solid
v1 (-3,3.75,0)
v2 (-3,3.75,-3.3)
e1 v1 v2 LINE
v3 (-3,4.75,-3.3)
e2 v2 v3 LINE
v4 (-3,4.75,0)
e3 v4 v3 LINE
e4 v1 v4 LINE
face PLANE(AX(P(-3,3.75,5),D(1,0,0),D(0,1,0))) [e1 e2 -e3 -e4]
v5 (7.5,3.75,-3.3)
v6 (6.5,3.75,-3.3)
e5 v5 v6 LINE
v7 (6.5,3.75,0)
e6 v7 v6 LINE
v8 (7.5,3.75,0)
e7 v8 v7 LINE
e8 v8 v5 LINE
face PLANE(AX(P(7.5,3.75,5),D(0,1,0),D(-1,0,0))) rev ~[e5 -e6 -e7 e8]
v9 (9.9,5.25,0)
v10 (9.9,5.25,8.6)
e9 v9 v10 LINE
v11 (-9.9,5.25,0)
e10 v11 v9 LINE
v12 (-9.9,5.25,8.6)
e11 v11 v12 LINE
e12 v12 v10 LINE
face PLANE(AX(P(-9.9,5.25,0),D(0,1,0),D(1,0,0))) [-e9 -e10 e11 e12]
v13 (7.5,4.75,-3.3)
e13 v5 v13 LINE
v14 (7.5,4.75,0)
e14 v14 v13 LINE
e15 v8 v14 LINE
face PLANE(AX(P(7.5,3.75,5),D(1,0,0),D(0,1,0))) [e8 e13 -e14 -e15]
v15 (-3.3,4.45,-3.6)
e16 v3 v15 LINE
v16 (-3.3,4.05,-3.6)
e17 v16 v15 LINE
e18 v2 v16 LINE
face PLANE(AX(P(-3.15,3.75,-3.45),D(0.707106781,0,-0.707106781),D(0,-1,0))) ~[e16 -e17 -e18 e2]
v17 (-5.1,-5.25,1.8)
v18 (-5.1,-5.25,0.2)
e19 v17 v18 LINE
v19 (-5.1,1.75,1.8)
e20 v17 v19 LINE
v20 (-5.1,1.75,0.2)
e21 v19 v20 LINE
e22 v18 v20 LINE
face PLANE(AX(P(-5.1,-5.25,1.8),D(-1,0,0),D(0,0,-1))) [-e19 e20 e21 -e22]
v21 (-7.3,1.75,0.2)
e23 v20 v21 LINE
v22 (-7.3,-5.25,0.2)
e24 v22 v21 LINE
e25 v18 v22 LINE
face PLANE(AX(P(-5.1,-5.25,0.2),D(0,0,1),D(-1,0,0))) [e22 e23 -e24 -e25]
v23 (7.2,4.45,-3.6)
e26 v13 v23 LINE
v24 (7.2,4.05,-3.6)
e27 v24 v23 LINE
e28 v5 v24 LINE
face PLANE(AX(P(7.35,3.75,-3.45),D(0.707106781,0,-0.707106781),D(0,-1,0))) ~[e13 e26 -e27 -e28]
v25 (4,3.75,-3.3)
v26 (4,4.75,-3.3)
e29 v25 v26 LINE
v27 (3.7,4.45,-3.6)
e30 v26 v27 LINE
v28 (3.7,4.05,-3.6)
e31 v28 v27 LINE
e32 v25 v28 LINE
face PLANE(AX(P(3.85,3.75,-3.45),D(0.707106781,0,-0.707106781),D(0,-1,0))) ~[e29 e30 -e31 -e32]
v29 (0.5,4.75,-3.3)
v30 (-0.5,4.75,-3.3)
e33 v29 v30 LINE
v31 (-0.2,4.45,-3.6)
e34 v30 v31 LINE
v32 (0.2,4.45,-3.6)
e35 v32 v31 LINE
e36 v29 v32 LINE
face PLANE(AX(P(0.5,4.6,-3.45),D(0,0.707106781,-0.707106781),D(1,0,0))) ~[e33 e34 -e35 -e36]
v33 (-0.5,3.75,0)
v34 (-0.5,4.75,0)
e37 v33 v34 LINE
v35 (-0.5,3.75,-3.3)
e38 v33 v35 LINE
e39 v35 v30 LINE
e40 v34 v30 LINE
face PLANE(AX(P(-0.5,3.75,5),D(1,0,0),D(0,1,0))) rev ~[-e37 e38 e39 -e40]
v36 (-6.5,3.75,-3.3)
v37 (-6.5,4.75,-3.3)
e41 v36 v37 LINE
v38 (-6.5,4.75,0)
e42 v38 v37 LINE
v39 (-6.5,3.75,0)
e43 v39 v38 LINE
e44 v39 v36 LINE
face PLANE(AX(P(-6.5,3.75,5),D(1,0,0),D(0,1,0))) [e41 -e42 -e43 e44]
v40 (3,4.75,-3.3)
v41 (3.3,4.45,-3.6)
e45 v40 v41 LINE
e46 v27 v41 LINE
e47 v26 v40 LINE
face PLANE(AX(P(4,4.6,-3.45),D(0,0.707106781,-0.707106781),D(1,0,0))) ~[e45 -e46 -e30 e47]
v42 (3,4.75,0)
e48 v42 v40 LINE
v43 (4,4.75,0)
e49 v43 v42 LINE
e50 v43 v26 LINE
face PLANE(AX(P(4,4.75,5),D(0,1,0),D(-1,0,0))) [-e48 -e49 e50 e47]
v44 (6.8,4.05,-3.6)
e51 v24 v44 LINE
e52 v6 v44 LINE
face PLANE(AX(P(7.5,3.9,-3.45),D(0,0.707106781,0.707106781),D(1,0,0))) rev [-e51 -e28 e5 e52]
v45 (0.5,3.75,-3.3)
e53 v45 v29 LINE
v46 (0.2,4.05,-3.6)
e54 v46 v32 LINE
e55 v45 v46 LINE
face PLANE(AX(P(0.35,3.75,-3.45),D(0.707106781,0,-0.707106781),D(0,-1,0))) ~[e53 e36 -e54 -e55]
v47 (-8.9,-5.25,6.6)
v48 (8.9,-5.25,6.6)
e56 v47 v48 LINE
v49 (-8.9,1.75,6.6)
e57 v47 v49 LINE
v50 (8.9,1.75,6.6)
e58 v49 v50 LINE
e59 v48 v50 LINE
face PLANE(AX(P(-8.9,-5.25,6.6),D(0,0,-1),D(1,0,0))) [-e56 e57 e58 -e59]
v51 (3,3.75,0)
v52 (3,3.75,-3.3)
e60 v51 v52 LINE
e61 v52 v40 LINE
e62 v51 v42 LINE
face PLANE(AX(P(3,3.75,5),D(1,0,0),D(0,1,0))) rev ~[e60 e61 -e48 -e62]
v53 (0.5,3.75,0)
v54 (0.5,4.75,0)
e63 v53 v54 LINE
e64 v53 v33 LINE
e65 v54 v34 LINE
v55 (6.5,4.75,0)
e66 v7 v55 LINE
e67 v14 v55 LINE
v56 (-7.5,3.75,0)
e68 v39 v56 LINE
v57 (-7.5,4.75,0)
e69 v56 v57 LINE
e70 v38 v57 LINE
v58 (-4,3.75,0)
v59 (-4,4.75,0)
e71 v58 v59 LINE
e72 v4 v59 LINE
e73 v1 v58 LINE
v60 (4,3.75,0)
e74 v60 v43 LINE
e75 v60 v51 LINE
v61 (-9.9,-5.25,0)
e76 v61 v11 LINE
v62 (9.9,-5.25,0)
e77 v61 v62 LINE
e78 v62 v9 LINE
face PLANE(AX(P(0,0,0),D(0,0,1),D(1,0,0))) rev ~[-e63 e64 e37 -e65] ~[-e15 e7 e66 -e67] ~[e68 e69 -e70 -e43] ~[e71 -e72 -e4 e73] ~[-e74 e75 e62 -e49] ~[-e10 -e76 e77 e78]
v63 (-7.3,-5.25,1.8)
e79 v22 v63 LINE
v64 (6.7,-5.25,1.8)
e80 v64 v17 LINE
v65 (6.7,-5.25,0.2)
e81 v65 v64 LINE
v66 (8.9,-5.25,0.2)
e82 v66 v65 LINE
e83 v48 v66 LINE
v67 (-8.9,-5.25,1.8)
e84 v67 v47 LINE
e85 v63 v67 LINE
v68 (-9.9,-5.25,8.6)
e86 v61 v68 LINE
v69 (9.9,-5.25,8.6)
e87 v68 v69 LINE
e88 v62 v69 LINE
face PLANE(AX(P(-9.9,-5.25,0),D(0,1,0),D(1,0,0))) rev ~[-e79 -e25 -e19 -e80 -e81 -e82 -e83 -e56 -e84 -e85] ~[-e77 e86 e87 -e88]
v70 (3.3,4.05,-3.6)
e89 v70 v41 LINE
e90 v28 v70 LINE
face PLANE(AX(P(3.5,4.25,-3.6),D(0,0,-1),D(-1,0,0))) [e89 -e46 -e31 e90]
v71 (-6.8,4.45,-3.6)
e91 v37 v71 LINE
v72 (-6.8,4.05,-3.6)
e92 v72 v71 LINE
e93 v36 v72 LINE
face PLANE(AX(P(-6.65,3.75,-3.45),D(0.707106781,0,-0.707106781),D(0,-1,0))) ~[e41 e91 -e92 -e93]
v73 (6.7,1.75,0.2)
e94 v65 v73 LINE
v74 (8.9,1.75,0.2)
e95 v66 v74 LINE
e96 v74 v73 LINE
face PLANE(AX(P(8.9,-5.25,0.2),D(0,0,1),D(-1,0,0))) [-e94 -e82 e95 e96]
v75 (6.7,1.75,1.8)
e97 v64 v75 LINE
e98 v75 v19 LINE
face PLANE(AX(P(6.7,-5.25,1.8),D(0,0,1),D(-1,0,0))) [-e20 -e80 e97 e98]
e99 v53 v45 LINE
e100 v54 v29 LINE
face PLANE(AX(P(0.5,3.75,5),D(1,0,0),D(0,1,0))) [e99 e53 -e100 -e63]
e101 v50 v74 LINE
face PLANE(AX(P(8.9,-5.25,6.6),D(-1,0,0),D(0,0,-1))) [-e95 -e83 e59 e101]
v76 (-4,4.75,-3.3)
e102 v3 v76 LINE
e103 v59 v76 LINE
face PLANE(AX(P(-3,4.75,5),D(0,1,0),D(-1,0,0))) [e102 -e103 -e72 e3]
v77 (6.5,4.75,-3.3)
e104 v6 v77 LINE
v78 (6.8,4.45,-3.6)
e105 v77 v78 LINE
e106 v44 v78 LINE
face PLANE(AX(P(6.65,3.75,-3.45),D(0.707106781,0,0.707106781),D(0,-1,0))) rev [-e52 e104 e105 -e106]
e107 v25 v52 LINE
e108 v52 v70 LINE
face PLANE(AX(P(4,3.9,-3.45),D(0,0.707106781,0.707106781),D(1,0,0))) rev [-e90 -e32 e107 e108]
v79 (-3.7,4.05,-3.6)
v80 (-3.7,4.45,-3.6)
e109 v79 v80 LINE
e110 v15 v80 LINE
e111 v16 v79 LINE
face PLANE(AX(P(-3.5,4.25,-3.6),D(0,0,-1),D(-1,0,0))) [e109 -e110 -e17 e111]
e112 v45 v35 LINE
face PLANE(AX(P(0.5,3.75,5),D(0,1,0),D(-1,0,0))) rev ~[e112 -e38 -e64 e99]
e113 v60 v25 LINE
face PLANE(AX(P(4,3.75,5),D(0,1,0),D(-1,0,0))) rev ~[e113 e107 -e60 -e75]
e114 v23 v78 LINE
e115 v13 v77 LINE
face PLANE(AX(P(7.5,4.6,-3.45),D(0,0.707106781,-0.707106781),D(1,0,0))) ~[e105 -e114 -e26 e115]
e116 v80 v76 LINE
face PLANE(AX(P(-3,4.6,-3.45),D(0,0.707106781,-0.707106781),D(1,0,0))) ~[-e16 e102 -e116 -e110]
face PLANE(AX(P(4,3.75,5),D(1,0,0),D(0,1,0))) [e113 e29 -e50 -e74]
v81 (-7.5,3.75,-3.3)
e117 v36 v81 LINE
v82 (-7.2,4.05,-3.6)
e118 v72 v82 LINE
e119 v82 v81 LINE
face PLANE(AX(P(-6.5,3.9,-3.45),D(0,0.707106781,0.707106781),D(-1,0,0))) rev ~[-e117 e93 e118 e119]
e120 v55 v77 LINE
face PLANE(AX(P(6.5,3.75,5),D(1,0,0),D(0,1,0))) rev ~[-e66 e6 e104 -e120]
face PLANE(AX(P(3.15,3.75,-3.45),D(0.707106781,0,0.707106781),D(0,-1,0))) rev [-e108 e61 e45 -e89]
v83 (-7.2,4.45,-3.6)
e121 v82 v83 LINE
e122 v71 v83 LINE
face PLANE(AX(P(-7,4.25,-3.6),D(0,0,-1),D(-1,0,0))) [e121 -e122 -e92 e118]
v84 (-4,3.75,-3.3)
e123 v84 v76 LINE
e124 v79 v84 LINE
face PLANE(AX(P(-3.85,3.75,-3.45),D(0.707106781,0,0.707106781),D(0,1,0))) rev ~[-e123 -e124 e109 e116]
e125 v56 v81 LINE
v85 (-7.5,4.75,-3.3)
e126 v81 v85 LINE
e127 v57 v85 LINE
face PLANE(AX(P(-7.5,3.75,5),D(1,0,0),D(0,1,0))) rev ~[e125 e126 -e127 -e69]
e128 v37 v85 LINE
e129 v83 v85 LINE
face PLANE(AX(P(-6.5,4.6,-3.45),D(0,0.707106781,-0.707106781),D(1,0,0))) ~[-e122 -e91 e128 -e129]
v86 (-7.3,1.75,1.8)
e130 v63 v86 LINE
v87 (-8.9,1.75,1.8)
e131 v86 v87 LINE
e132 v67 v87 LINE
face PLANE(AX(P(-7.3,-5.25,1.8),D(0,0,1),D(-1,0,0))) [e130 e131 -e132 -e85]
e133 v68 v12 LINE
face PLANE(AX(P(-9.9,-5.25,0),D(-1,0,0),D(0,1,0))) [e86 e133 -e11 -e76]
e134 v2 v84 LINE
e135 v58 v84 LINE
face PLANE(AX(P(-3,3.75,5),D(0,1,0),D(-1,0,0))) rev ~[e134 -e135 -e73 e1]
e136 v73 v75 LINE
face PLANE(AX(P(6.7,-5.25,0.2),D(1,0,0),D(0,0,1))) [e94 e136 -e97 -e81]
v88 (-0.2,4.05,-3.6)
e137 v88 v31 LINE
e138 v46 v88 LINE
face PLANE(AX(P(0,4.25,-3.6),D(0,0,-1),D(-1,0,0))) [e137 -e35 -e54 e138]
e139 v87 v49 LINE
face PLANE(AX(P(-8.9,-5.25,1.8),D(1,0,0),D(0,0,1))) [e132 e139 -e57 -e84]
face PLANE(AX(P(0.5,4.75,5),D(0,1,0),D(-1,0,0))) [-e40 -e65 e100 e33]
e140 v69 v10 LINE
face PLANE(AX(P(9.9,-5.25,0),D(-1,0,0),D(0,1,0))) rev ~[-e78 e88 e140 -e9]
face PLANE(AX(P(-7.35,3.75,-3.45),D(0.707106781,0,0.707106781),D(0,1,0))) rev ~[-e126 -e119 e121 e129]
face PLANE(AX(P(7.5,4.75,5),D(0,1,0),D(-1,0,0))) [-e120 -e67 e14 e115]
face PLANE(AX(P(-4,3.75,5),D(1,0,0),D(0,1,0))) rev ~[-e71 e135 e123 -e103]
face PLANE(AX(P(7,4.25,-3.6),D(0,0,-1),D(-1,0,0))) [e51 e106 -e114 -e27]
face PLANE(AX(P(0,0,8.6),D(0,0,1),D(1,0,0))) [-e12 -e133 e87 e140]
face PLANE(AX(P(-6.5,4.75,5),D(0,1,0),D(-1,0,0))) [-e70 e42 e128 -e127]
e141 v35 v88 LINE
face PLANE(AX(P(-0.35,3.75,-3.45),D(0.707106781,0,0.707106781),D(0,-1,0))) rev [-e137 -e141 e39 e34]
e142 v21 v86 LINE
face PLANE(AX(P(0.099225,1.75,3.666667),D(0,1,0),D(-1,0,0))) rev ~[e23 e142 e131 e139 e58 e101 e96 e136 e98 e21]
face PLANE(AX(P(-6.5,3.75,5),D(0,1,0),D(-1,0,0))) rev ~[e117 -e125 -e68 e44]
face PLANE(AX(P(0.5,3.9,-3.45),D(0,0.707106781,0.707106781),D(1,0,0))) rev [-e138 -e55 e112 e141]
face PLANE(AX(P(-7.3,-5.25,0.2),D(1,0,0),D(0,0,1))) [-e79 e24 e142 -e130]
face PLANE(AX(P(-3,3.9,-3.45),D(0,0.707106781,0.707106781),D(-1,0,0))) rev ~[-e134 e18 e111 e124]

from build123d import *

# Parameters (mm, degrees)
SKETCH_1_W                         = 19.8
SKETCH_1_H                         = 10.5
EXTRUDE_1_DEPTH                    = 8.6
CUT_EXTRUDE_1_DEPTH                = 7
EXTRUDE_START                      = -5
SKETCH_3_W                         = 1
SKETCH_3_H                         = 1
EXTRUDE_2_DEPTH                    = 8.6
CHAMFER_1_SIZE                     = 0.3
PATTERN_LINEAR_1_COUNT             = 5
PATTERN_LINEAR_1_PITCH             = 3.5
CHAMFER_1_OF_PATTERN_LINEAR_1_SIZE = 0.3


with BuildPart() as part:
    # Эскиз1 → Бобышка-Вытянуть1 (new body)
    with BuildSketch(Plane.XY):
        Rectangle(SKETCH_1_W, SKETCH_1_H)
    extrude(amount=EXTRUDE_1_DEPTH)

    # Эскиз2 → Вырез-Вытянуть1 (cut)
    with BuildSketch(Plane.XZ.offset(5.25)):
        Polygon((-8.9, 6.6), (8.9, 6.6), (8.9, 0.2), (6.7, 0.2), (6.7, 1.8), (-5.1, 1.8), (-5.1, 0.2), (-7.3, 0.2), (-7.3, 1.8), (-8.9, 1.8), align=None)
    extrude(amount=-CUT_EXTRUDE_1_DEPTH, mode=Mode.SUBTRACT)

    # Эскиз3 → Бобышка-Вытянуть2 (add)
    with BuildSketch(Plane(origin=(0, 0, 0), x_dir=(-1, 0, 0), z_dir=(0, 0, -1)).offset(EXTRUDE_START)):
        with Locations((7, 4.25)):
            Rectangle(SKETCH_3_W, SKETCH_3_H)
    extrude_2 = extrude(amount=EXTRUDE_2_DEPTH)

    # Фаска1
    chamfer_1_edges = [part.edges().sort_by_distance(p)[0] for p in [
        (-6.5, 4.25, -3.6),
        (-7, 3.75, -3.6),
        (-7.5, 4.25, -3.6),
        (-7, 4.75, -3.6),
    ]]
    chamfer(chamfer_1_edges, length=CHAMFER_1_SIZE)

    # Линейный массив1: Бобышка-Вытянуть2 ×5
    with Locations(*[(i * PATTERN_LINEAR_1_PITCH, 0, 0) for i in range(1, PATTERN_LINEAR_1_COUNT)]):
        add(extrude_2)

    # Фаска1 of Линейный массив1
    chamfer_1_of_pattern_linear_1_edges = [part.edges().sort_by_distance(p)[0] for p in [
        (-3, 4.25, -3.6),
        (-3.5, 3.75, -3.6),
        (-4, 4.25, -3.6),
        (-3.5, 4.75, -3.6),
        (0.5, 4.25, -3.6),
        (0, 3.75, -3.6),
        (-0.5, 4.25, -3.6),
        (0, 4.75, -3.6),
        (4, 4.25, -3.6),
        (3.5, 3.75, -3.6),
        (3, 4.25, -3.6),
        (3.5, 4.75, -3.6),
        (7.5, 4.25, -3.6),
        (7, 3.75, -3.6),
        (6.5, 4.25, -3.6),
        (7, 4.75, -3.6),
    ]]
    chamfer(chamfer_1_of_pattern_linear_1_edges, length=CHAMFER_1_OF_PATTERN_LINEAR_1_SIZE)


solid = part.part
